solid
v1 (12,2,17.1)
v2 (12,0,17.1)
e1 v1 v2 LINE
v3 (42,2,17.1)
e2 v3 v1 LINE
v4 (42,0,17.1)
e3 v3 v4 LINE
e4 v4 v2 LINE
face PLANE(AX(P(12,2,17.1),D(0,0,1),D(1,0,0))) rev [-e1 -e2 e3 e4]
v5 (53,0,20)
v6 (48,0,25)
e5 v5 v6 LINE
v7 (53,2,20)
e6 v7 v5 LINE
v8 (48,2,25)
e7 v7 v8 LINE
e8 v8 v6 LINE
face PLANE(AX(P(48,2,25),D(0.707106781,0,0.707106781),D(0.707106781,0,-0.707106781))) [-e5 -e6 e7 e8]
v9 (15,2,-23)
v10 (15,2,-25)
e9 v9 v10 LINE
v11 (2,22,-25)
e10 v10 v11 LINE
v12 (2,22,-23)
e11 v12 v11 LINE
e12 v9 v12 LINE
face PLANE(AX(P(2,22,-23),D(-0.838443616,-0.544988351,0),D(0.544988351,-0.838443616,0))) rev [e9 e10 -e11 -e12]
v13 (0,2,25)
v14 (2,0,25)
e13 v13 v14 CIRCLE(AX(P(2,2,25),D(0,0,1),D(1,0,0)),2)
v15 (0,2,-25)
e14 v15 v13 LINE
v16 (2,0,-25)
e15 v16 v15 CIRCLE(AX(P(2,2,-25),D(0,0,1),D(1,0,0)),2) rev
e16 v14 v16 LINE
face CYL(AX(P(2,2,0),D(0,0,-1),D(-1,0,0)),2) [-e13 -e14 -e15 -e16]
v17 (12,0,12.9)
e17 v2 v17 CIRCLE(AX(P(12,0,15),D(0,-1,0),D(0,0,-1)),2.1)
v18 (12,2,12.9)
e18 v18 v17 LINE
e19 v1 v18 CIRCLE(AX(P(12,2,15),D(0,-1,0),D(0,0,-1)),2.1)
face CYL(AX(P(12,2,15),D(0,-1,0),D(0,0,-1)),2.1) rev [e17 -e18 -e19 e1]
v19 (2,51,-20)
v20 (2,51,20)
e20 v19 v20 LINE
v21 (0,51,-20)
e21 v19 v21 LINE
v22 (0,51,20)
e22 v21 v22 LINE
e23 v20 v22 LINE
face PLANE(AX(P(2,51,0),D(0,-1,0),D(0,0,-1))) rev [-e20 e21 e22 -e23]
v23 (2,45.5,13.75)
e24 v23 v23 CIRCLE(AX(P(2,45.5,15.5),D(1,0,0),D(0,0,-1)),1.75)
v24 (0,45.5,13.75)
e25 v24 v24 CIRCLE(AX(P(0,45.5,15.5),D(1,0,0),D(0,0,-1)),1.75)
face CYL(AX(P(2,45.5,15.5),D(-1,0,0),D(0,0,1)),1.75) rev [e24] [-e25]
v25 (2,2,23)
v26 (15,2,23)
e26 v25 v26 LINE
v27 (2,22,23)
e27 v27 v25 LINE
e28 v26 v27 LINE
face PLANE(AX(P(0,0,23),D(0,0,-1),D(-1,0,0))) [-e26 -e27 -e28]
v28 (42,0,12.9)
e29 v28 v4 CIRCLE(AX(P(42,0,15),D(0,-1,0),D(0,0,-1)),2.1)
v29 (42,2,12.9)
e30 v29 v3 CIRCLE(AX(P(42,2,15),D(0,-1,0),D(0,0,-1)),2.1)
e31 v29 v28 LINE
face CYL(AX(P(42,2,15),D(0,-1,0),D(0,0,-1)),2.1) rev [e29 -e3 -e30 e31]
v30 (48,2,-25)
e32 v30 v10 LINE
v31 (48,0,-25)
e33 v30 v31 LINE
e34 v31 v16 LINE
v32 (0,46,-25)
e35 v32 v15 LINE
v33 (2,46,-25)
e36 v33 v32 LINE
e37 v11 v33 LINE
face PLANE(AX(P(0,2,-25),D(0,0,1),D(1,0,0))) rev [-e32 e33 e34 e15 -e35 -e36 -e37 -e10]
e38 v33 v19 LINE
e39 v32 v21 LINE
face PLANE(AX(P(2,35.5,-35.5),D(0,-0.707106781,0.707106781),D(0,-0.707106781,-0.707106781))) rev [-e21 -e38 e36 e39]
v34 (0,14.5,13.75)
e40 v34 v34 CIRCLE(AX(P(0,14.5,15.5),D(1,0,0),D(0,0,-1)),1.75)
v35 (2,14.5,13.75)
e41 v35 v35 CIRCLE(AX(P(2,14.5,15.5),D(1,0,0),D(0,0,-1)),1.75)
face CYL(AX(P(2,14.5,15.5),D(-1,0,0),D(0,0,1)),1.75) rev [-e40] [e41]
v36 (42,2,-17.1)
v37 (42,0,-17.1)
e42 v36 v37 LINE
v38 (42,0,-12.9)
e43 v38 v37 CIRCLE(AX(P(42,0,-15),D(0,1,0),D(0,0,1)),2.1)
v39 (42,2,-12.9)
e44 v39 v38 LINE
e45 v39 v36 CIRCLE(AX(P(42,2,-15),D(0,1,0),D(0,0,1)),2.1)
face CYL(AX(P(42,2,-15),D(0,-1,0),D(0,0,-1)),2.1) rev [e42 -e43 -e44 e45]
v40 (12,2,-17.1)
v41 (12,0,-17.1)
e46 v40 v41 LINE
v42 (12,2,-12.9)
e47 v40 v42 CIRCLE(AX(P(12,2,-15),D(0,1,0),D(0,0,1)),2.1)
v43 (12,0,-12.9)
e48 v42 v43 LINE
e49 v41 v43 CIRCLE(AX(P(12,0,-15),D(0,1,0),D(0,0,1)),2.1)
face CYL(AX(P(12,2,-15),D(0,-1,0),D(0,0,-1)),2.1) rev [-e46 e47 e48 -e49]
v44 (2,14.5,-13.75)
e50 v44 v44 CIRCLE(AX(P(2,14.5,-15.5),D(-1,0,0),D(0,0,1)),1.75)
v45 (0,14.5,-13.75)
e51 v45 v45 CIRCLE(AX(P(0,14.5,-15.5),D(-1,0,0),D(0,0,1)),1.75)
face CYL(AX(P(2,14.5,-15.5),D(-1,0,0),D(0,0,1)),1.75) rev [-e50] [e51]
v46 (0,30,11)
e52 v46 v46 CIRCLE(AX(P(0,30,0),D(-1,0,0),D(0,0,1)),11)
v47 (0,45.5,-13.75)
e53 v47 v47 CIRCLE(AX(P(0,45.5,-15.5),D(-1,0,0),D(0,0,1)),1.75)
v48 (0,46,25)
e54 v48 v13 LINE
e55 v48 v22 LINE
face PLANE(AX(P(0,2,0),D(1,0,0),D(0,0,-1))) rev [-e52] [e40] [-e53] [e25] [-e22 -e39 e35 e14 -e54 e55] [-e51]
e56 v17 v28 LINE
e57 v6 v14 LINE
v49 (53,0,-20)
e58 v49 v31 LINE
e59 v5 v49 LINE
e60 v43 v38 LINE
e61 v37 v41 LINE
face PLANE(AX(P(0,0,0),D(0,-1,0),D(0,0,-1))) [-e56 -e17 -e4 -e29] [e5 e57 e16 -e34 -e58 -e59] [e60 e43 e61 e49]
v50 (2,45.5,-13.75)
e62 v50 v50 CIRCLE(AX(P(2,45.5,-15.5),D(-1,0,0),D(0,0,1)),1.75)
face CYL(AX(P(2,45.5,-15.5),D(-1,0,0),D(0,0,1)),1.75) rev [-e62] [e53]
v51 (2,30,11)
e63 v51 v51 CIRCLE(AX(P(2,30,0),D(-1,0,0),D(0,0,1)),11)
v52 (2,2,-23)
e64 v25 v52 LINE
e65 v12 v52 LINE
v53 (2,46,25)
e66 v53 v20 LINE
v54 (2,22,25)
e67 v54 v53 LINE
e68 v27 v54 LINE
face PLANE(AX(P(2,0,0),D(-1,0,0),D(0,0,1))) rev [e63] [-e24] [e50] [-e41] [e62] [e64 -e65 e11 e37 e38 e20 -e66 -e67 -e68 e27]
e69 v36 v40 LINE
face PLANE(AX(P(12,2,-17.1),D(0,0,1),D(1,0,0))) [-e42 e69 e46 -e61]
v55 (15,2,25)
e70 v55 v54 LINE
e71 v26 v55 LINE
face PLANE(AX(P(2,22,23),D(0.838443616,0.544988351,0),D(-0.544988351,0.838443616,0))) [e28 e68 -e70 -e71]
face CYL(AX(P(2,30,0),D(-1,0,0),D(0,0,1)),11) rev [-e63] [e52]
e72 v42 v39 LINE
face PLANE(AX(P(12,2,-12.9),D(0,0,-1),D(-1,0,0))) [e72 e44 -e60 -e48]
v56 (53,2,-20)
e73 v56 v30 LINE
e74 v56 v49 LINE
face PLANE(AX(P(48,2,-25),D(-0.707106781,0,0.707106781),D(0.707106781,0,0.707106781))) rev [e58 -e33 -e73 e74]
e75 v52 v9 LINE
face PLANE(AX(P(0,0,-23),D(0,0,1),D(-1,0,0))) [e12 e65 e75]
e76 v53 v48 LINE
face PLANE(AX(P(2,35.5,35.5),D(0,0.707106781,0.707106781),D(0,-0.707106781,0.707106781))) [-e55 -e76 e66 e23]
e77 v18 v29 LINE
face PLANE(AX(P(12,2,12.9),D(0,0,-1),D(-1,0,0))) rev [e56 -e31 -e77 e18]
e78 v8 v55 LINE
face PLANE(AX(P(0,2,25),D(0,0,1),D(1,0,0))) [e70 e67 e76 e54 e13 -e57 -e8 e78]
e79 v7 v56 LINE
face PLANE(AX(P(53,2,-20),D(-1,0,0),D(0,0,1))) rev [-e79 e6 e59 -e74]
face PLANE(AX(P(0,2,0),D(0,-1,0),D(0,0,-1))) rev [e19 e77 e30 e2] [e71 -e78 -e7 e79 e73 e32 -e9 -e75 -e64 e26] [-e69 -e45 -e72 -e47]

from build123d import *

# Parameters (mm, degrees)
EXTRUDE_1_DEPTH = 2
SKETCH_2_R      = 1.75
EXTRUDE_2_DEPTH = 2
FILLET_1_R      = 2
EXTRUDE_3_DEPTH = 2


with BuildPart() as part:
    # 草图1 → 凸台-拉伸1 (new body)
    with BuildSketch(Plane(origin=(0, 0, 0), x_dir=(1, 0, 0), z_dir=(0, 1, 0))):
        Polygon((0, 0), (0, 25), (48, 25), (53, 20), (53, 0), align=None)
        with BuildLine():
            Line((12, 17.1), (42, 17.1))
            ThreePointArc((42, 17.1), (44.1, 15), (42, 12.9))
            Line((42, 12.9), (12, 12.9))
            ThreePointArc((12, 12.9), (9.9, 15), (12, 17.1))
        make_face(mode=Mode.SUBTRACT)
    extrude_1 = extrude(amount=EXTRUDE_1_DEPTH)

    # 草图2 → 凸台-拉伸2 (add)
    with BuildSketch(Plane.ZY):
        with BuildLine():
            Line((-25, 46), (-25, 2))
            Line((-25, 2), (0, 2))
            Line((0, 2), (0, 19))
            ThreePointArc((0, 19), (-11, 30), (0, 41))
            Line((0, 41), (0, 51))
            Line((0, 51), (-20, 51))
            Line((-20, 51), (-25, 46))
        make_face()
        with Locations((-15.5, 14.5)):
            Circle(SKETCH_2_R, mode=Mode.SUBTRACT)
        with Locations((-15.5, 45.5)):
            Circle(SKETCH_2_R, mode=Mode.SUBTRACT)
    extrude_2 = extrude(amount=-EXTRUDE_2_DEPTH)

    # 镜向2: 凸台-拉伸1, 凸台-拉伸2 across plane
    add(extrude_1.mirror(Plane.XY))
    add(extrude_2.mirror(Plane.XY))

    # 圆角1
    fillet_1_edges = [part.edges().sort_by_distance(p)[0] for p in [
        (0, 0, 0),
    ]]
    fillet(fillet_1_edges, radius=FILLET_1_R)

    # 草图4 → 凸台-拉伸3 (add)
    with BuildSketch(Plane.XY.offset(25)):
        Polygon((2, 2), (2, 22), (15, 2), align=None)
    extrude_3 = extrude(amount=-EXTRUDE_3_DEPTH)

    # 镜向4: 凸台-拉伸3 across plane
    add(extrude_3.mirror(Plane.XY))


solid = part.part
